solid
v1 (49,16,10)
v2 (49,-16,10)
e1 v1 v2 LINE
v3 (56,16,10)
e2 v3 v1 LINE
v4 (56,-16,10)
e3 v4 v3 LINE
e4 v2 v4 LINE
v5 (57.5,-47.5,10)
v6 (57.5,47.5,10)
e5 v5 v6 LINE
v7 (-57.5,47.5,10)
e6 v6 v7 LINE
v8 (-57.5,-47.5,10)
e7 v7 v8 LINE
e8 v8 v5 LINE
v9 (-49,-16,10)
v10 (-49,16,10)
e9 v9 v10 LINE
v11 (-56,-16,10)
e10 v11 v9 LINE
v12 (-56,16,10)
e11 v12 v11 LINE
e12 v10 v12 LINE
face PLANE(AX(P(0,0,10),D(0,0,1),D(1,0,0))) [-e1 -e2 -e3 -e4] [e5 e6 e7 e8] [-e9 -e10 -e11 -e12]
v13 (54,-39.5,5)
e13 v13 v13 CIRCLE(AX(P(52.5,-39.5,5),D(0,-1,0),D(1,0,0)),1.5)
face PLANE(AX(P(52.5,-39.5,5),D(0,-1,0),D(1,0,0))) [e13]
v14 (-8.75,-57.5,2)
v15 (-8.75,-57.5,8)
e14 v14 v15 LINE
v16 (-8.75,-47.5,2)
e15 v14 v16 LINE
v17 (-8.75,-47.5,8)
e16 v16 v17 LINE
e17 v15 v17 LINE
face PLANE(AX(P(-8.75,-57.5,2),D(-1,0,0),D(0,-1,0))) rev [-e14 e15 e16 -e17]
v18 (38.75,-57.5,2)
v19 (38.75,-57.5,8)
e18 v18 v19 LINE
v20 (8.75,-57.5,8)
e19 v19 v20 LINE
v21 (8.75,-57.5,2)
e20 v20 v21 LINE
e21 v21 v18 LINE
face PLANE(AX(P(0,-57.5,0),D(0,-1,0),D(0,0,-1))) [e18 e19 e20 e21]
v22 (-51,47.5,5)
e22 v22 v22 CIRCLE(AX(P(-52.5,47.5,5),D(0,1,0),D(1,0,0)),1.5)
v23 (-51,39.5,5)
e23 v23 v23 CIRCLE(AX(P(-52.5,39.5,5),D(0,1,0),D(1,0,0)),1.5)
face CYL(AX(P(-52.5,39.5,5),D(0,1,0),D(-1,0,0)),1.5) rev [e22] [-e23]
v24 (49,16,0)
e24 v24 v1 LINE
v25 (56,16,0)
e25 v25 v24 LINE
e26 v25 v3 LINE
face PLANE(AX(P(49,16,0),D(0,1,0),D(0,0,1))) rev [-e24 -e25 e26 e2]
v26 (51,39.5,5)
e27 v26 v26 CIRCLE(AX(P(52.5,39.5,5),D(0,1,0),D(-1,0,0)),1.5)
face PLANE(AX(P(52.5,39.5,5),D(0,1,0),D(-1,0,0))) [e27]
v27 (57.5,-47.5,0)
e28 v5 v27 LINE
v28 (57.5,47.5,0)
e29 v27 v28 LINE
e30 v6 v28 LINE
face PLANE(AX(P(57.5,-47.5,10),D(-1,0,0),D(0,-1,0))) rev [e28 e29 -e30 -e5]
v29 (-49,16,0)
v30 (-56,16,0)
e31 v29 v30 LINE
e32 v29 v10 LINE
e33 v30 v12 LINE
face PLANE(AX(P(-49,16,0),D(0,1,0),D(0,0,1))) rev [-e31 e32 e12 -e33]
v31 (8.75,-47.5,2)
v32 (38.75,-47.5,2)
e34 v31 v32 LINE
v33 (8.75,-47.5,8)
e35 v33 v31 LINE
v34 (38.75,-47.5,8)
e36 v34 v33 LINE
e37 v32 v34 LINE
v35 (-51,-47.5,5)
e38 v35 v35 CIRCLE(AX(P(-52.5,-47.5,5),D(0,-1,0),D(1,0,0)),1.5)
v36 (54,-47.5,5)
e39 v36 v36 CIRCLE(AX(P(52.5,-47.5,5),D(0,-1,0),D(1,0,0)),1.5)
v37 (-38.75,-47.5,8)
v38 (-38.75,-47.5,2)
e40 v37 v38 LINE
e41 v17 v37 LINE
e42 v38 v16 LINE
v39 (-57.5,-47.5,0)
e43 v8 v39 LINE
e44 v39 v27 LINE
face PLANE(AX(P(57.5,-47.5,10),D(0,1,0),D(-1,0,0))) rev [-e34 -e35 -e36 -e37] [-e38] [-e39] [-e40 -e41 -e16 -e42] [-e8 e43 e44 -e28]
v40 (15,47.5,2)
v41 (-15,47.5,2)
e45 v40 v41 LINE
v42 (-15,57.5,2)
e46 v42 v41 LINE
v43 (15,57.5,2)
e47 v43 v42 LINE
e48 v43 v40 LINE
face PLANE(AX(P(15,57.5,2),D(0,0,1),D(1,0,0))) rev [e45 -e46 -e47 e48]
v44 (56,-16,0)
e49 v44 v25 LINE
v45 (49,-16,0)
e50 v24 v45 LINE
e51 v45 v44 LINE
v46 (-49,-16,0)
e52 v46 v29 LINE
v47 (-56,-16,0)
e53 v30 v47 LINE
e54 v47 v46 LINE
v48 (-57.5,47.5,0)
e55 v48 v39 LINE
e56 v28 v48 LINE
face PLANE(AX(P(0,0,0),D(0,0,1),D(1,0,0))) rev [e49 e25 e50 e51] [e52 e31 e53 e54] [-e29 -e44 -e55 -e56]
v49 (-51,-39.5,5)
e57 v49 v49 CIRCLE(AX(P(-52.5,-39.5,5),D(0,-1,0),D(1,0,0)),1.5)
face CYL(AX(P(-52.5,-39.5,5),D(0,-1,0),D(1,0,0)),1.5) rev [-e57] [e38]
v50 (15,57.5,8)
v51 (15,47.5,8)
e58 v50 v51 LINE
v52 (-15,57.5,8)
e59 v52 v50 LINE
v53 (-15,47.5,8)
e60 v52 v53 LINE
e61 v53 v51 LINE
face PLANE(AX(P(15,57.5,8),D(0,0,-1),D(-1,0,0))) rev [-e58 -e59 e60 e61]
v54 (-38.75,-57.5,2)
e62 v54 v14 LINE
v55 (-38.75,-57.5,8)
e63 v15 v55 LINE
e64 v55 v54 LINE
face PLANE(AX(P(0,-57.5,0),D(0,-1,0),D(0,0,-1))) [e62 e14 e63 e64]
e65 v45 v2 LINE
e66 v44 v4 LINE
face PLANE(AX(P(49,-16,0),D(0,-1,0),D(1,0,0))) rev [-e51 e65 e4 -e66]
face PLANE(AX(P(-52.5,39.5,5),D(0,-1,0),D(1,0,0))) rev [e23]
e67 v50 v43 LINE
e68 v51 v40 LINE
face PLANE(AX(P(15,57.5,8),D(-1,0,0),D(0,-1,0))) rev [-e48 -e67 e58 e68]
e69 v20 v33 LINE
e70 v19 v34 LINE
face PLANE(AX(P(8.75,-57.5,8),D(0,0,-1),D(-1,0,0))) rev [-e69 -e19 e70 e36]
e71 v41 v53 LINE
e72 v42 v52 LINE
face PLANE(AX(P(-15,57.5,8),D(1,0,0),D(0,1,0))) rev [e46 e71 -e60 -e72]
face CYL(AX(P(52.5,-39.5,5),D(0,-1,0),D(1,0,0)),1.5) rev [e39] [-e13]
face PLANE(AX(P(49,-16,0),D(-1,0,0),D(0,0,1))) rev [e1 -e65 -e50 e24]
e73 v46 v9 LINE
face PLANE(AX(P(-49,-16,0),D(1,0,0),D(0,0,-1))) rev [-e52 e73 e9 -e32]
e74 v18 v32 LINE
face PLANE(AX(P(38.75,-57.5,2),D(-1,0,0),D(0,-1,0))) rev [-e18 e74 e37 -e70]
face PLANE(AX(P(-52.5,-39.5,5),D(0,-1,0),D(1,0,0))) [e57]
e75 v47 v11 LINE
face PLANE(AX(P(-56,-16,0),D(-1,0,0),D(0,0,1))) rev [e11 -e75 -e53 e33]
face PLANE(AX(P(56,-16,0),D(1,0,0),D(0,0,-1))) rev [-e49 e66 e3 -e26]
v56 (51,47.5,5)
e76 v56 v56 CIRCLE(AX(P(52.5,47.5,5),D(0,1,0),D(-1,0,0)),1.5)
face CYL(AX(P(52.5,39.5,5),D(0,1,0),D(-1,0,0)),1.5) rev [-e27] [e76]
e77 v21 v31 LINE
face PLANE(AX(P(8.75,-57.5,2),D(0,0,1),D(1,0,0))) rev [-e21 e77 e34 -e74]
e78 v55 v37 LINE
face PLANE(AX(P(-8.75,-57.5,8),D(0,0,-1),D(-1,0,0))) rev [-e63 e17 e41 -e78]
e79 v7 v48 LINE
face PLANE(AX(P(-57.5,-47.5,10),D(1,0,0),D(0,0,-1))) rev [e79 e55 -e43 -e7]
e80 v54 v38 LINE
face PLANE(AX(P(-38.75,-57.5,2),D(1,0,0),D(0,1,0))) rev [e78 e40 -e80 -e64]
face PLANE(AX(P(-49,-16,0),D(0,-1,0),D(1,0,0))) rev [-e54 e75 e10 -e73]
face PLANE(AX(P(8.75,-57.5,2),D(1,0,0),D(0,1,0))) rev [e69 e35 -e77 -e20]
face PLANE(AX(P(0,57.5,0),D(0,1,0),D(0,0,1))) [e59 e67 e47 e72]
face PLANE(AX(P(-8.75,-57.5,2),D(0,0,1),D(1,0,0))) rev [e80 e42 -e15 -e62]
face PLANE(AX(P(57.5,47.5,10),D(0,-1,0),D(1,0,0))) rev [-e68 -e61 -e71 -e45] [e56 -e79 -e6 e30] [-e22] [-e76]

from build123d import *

# Parameters (mm, degrees)
ESBO_O1_W                = 115
ESBO_O1_H                = 95
RESSALTO_EXTRUS_O1_DEPTH = 10
ESBO_O2_W                = 30
ESBO_O2_H                = 6
RESSALTO_EXTRUS_O2_DEPTH = 10
ESBO_O3_W                = 30
ESBO_O3_H                = 6
RESSALTO_EXTRUS_O3_DEPTH = 10
ESBO_O4_W                = 7
ESBO_O4_H                = 32
CORTE_EXTRUS_O1_DEPTH    = 11
ESBO_O5_R                = 1.5
CORTE_EXTRUS_O2_DEPTH    = 8
ESBO_O6_R                = 1.5
CORTE_EXTRUS_O3_DEPTH    = 8


with BuildPart() as part:
    # Esboço1 → Ressalto-extrusão1 (new body)
    with BuildSketch(Plane.XY):
        Rectangle(ESBO_O1_W, ESBO_O1_H)
    extrude(amount=RESSALTO_EXTRUS_O1_DEPTH)

    # Esboço2 → Ressalto-extrusão2 (add)
    with BuildSketch(Plane(origin=(0, 47.5, 0), x_dir=(1, 0, 0), z_dir=(0, 1, 0))):
        with Locations((0, -5)):
            Rectangle(ESBO_O2_W, ESBO_O2_H)
    extrude(amount=RESSALTO_EXTRUS_O2_DEPTH)

    # Esboço3 → Ressalto-extrusão3 (add)
    with BuildSketch(Plane.XZ.offset(47.5)):
        with Locations((23.75, 5)):
            Rectangle(ESBO_O3_W, ESBO_O3_H)
        with Locations((-23.75, 5)):
            Rectangle(ESBO_O3_W, ESBO_O3_H)
    extrude(amount=RESSALTO_EXTRUS_O3_DEPTH)

    # Esboço4 → Corte-extrusão1 (cut, through all)
    with BuildSketch(Plane.XY.offset(10)):
        with Locations((-52.5, 0)):
            Rectangle(ESBO_O4_W, ESBO_O4_H)
        with Locations((52.5, 0)):
            Rectangle(ESBO_O4_W, ESBO_O4_H)
    extrude(amount=-CORTE_EXTRUS_O1_DEPTH, mode=Mode.SUBTRACT)

    # Esboço5 → Corte-extrusão2 (cut)
    with BuildSketch(Plane(origin=(0, 47.5, 0), x_dir=(1, 0, 0), z_dir=(0, 1, 0))):
        with Locations((52.5, -5)):
            Circle(ESBO_O5_R)
        with Locations((-52.5, -5)):
            Circle(ESBO_O5_R)
    extrude(amount=-CORTE_EXTRUS_O2_DEPTH, mode=Mode.SUBTRACT)

    # Esboço6 → Corte-extrusão3 (cut)
    with BuildSketch(Plane.XZ.offset(47.5)):
        with Locations((-52.5, 5)):
            Circle(ESBO_O6_R)
        with Locations((52.5, 5)):
            Circle(ESBO_O6_R)
    extrude(amount=-CORTE_EXTRUS_O3_DEPTH, mode=Mode.SUBTRACT)


solid = part.part
